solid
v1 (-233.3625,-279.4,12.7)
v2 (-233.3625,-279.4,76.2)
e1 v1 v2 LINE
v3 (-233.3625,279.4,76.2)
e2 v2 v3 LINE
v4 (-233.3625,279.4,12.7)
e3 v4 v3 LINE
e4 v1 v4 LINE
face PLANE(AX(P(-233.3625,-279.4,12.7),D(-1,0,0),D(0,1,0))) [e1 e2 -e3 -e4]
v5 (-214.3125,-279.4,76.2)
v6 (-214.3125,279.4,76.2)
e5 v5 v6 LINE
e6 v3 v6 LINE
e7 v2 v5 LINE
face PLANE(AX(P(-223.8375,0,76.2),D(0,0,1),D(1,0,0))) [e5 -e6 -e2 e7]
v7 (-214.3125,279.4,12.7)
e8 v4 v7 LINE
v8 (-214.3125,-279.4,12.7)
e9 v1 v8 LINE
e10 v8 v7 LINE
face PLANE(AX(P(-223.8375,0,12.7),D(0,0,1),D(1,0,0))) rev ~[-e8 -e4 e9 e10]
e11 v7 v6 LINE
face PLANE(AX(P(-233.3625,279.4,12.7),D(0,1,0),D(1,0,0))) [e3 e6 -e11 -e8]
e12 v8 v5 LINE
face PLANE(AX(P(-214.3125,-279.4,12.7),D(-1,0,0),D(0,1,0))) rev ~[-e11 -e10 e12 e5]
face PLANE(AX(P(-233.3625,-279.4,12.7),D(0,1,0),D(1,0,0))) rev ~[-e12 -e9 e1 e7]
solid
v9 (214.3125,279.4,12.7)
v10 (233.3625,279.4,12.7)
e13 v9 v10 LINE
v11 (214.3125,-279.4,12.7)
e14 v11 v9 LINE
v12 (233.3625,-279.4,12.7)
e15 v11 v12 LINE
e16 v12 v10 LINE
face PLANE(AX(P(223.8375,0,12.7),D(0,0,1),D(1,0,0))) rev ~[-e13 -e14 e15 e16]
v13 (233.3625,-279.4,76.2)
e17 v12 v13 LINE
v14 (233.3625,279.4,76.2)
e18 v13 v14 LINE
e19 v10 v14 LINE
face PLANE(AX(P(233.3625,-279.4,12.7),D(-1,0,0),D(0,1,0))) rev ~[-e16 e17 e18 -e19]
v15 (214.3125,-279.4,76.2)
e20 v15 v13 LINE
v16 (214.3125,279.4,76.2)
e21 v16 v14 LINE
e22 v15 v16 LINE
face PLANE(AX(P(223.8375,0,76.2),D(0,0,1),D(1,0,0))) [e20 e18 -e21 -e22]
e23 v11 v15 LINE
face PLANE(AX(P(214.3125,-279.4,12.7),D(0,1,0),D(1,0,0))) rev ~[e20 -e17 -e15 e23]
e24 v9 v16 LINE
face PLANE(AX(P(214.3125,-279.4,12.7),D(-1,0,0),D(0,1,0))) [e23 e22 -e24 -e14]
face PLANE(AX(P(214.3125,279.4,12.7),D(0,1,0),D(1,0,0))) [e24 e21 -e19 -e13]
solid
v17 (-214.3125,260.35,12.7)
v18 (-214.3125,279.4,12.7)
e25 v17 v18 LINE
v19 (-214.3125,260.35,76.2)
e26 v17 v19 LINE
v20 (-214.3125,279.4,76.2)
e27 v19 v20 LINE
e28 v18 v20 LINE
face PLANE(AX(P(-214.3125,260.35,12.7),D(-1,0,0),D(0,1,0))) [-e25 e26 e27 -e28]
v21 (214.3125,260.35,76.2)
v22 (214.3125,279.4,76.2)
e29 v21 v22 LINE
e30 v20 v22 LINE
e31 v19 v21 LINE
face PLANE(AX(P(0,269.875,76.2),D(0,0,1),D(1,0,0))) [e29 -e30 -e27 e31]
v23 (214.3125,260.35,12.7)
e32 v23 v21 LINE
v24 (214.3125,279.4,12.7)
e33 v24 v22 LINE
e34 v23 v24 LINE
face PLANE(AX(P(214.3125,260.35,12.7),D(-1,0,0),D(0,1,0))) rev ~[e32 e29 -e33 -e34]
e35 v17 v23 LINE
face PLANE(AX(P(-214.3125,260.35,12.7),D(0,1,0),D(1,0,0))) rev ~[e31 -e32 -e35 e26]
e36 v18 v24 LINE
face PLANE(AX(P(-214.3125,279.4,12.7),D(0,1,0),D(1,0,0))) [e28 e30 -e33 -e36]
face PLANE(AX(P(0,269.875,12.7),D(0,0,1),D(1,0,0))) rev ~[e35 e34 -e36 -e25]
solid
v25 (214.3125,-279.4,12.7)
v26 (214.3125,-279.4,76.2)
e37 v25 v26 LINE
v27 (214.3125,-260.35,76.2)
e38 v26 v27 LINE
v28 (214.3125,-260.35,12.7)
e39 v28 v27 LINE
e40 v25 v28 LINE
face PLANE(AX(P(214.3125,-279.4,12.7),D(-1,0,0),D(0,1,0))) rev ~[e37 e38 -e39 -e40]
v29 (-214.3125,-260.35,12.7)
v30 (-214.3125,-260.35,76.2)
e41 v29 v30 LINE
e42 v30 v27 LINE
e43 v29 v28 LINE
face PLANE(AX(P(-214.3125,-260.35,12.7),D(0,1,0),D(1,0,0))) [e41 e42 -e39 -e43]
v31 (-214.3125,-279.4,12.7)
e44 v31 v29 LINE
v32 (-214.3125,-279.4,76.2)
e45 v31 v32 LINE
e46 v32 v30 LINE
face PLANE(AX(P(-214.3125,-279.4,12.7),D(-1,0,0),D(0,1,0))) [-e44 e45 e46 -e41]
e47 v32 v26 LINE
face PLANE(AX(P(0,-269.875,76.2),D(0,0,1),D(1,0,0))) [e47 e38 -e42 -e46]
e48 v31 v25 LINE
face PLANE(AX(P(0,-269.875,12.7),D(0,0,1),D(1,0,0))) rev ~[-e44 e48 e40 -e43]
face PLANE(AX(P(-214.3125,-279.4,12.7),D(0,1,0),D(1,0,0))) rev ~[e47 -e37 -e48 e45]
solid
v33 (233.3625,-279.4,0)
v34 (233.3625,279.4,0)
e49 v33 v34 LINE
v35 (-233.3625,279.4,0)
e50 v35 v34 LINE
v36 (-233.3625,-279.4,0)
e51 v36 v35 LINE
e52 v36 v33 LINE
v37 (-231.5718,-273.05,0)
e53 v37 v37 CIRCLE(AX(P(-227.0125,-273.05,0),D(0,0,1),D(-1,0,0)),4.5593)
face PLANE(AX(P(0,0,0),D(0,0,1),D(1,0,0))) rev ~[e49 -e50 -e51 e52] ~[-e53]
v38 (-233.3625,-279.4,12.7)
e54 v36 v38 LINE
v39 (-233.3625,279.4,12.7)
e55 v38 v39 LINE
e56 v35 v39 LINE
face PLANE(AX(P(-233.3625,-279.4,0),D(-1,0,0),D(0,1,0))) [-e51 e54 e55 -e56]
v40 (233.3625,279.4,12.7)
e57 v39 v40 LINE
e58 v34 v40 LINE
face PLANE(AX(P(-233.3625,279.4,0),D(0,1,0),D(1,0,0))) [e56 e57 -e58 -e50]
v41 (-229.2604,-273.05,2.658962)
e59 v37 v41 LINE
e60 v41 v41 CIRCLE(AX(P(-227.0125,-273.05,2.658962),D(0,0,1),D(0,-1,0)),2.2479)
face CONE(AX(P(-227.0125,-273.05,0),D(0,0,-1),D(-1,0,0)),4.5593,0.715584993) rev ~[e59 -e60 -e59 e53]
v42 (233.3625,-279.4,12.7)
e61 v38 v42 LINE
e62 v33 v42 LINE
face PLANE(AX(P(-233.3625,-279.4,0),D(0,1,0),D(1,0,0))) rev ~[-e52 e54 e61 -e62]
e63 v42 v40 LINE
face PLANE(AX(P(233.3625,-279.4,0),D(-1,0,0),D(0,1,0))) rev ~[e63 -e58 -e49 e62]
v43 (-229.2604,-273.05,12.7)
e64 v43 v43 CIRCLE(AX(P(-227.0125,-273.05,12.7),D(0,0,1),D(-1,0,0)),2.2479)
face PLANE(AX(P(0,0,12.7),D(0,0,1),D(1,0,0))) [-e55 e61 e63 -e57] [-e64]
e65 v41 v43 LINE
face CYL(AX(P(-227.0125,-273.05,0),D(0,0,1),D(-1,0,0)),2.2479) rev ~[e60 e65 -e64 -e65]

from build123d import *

# Parameters (mm, degrees)
F0_W           = 466.725
F0_H           = 558.8
F1_DEPTH       = 12.7
F2_W           = 19.05
F2_H           = 558.8
F3_DEPTH       = 63.5
F4_W           = 428.625
F4_H           = 19.05
F5_DEPTH       = 63.5
F7_D           = 4.4958
F7_CSINK_D     = 9.1186
F7_CSINK_ANGLE = 82


with BuildPart() as f1:
    # F0 (on Top) → F1 (new body)
    with BuildSketch(Plane.XY):
        Rectangle(F0_W, F0_H)
    extrude(amount=F1_DEPTH)

    # F7 (through all)
    with Locations(Plane(origin=(0, 0, 0), x_dir=(1, 0, 0), z_dir=(0, 0, -1))):
        with Locations((-227.0125, 273.05)):
            CounterSinkHole(F7_D / 2, F7_CSINK_D / 2, counter_sink_angle=F7_CSINK_ANGLE)


with BuildPart() as f3:
    # F2 (on face) → F3 (new body)
    with BuildSketch(Plane.XY.offset(12.7)):
        with Locations((-223.8375, 0)):
            Rectangle(F2_W, F2_H)
    extrude(amount=F3_DEPTH)


with BuildPart() as f3b:
    # F2 (on face) → F3, piece 2 (new body)
    with BuildSketch(Plane.XY.offset(12.7)):
        with Locations((223.8375, 0)):
            Rectangle(F2_W, F2_H)
    extrude(amount=F3_DEPTH)


with BuildPart() as f5:
    # F4 (on face) → F5 (new body, through all)
    with BuildSketch(Plane.XY.offset(12.7)):
        with Locations((0, -269.875)):
            Rectangle(F4_W, F4_H)
    extrude(amount=F5_DEPTH)


with BuildPart() as f5b:
    # F4 (on face) → F5, piece 2 (new body, through all)
    with BuildSketch(Plane.XY.offset(12.7)):
        with Locations((0, 269.875)):
            Rectangle(F4_W, F4_H)
    extrude(amount=F5_DEPTH)


solid = Compound([f1.part, f3.part, f3b.part, f5.part, f5b.part])
